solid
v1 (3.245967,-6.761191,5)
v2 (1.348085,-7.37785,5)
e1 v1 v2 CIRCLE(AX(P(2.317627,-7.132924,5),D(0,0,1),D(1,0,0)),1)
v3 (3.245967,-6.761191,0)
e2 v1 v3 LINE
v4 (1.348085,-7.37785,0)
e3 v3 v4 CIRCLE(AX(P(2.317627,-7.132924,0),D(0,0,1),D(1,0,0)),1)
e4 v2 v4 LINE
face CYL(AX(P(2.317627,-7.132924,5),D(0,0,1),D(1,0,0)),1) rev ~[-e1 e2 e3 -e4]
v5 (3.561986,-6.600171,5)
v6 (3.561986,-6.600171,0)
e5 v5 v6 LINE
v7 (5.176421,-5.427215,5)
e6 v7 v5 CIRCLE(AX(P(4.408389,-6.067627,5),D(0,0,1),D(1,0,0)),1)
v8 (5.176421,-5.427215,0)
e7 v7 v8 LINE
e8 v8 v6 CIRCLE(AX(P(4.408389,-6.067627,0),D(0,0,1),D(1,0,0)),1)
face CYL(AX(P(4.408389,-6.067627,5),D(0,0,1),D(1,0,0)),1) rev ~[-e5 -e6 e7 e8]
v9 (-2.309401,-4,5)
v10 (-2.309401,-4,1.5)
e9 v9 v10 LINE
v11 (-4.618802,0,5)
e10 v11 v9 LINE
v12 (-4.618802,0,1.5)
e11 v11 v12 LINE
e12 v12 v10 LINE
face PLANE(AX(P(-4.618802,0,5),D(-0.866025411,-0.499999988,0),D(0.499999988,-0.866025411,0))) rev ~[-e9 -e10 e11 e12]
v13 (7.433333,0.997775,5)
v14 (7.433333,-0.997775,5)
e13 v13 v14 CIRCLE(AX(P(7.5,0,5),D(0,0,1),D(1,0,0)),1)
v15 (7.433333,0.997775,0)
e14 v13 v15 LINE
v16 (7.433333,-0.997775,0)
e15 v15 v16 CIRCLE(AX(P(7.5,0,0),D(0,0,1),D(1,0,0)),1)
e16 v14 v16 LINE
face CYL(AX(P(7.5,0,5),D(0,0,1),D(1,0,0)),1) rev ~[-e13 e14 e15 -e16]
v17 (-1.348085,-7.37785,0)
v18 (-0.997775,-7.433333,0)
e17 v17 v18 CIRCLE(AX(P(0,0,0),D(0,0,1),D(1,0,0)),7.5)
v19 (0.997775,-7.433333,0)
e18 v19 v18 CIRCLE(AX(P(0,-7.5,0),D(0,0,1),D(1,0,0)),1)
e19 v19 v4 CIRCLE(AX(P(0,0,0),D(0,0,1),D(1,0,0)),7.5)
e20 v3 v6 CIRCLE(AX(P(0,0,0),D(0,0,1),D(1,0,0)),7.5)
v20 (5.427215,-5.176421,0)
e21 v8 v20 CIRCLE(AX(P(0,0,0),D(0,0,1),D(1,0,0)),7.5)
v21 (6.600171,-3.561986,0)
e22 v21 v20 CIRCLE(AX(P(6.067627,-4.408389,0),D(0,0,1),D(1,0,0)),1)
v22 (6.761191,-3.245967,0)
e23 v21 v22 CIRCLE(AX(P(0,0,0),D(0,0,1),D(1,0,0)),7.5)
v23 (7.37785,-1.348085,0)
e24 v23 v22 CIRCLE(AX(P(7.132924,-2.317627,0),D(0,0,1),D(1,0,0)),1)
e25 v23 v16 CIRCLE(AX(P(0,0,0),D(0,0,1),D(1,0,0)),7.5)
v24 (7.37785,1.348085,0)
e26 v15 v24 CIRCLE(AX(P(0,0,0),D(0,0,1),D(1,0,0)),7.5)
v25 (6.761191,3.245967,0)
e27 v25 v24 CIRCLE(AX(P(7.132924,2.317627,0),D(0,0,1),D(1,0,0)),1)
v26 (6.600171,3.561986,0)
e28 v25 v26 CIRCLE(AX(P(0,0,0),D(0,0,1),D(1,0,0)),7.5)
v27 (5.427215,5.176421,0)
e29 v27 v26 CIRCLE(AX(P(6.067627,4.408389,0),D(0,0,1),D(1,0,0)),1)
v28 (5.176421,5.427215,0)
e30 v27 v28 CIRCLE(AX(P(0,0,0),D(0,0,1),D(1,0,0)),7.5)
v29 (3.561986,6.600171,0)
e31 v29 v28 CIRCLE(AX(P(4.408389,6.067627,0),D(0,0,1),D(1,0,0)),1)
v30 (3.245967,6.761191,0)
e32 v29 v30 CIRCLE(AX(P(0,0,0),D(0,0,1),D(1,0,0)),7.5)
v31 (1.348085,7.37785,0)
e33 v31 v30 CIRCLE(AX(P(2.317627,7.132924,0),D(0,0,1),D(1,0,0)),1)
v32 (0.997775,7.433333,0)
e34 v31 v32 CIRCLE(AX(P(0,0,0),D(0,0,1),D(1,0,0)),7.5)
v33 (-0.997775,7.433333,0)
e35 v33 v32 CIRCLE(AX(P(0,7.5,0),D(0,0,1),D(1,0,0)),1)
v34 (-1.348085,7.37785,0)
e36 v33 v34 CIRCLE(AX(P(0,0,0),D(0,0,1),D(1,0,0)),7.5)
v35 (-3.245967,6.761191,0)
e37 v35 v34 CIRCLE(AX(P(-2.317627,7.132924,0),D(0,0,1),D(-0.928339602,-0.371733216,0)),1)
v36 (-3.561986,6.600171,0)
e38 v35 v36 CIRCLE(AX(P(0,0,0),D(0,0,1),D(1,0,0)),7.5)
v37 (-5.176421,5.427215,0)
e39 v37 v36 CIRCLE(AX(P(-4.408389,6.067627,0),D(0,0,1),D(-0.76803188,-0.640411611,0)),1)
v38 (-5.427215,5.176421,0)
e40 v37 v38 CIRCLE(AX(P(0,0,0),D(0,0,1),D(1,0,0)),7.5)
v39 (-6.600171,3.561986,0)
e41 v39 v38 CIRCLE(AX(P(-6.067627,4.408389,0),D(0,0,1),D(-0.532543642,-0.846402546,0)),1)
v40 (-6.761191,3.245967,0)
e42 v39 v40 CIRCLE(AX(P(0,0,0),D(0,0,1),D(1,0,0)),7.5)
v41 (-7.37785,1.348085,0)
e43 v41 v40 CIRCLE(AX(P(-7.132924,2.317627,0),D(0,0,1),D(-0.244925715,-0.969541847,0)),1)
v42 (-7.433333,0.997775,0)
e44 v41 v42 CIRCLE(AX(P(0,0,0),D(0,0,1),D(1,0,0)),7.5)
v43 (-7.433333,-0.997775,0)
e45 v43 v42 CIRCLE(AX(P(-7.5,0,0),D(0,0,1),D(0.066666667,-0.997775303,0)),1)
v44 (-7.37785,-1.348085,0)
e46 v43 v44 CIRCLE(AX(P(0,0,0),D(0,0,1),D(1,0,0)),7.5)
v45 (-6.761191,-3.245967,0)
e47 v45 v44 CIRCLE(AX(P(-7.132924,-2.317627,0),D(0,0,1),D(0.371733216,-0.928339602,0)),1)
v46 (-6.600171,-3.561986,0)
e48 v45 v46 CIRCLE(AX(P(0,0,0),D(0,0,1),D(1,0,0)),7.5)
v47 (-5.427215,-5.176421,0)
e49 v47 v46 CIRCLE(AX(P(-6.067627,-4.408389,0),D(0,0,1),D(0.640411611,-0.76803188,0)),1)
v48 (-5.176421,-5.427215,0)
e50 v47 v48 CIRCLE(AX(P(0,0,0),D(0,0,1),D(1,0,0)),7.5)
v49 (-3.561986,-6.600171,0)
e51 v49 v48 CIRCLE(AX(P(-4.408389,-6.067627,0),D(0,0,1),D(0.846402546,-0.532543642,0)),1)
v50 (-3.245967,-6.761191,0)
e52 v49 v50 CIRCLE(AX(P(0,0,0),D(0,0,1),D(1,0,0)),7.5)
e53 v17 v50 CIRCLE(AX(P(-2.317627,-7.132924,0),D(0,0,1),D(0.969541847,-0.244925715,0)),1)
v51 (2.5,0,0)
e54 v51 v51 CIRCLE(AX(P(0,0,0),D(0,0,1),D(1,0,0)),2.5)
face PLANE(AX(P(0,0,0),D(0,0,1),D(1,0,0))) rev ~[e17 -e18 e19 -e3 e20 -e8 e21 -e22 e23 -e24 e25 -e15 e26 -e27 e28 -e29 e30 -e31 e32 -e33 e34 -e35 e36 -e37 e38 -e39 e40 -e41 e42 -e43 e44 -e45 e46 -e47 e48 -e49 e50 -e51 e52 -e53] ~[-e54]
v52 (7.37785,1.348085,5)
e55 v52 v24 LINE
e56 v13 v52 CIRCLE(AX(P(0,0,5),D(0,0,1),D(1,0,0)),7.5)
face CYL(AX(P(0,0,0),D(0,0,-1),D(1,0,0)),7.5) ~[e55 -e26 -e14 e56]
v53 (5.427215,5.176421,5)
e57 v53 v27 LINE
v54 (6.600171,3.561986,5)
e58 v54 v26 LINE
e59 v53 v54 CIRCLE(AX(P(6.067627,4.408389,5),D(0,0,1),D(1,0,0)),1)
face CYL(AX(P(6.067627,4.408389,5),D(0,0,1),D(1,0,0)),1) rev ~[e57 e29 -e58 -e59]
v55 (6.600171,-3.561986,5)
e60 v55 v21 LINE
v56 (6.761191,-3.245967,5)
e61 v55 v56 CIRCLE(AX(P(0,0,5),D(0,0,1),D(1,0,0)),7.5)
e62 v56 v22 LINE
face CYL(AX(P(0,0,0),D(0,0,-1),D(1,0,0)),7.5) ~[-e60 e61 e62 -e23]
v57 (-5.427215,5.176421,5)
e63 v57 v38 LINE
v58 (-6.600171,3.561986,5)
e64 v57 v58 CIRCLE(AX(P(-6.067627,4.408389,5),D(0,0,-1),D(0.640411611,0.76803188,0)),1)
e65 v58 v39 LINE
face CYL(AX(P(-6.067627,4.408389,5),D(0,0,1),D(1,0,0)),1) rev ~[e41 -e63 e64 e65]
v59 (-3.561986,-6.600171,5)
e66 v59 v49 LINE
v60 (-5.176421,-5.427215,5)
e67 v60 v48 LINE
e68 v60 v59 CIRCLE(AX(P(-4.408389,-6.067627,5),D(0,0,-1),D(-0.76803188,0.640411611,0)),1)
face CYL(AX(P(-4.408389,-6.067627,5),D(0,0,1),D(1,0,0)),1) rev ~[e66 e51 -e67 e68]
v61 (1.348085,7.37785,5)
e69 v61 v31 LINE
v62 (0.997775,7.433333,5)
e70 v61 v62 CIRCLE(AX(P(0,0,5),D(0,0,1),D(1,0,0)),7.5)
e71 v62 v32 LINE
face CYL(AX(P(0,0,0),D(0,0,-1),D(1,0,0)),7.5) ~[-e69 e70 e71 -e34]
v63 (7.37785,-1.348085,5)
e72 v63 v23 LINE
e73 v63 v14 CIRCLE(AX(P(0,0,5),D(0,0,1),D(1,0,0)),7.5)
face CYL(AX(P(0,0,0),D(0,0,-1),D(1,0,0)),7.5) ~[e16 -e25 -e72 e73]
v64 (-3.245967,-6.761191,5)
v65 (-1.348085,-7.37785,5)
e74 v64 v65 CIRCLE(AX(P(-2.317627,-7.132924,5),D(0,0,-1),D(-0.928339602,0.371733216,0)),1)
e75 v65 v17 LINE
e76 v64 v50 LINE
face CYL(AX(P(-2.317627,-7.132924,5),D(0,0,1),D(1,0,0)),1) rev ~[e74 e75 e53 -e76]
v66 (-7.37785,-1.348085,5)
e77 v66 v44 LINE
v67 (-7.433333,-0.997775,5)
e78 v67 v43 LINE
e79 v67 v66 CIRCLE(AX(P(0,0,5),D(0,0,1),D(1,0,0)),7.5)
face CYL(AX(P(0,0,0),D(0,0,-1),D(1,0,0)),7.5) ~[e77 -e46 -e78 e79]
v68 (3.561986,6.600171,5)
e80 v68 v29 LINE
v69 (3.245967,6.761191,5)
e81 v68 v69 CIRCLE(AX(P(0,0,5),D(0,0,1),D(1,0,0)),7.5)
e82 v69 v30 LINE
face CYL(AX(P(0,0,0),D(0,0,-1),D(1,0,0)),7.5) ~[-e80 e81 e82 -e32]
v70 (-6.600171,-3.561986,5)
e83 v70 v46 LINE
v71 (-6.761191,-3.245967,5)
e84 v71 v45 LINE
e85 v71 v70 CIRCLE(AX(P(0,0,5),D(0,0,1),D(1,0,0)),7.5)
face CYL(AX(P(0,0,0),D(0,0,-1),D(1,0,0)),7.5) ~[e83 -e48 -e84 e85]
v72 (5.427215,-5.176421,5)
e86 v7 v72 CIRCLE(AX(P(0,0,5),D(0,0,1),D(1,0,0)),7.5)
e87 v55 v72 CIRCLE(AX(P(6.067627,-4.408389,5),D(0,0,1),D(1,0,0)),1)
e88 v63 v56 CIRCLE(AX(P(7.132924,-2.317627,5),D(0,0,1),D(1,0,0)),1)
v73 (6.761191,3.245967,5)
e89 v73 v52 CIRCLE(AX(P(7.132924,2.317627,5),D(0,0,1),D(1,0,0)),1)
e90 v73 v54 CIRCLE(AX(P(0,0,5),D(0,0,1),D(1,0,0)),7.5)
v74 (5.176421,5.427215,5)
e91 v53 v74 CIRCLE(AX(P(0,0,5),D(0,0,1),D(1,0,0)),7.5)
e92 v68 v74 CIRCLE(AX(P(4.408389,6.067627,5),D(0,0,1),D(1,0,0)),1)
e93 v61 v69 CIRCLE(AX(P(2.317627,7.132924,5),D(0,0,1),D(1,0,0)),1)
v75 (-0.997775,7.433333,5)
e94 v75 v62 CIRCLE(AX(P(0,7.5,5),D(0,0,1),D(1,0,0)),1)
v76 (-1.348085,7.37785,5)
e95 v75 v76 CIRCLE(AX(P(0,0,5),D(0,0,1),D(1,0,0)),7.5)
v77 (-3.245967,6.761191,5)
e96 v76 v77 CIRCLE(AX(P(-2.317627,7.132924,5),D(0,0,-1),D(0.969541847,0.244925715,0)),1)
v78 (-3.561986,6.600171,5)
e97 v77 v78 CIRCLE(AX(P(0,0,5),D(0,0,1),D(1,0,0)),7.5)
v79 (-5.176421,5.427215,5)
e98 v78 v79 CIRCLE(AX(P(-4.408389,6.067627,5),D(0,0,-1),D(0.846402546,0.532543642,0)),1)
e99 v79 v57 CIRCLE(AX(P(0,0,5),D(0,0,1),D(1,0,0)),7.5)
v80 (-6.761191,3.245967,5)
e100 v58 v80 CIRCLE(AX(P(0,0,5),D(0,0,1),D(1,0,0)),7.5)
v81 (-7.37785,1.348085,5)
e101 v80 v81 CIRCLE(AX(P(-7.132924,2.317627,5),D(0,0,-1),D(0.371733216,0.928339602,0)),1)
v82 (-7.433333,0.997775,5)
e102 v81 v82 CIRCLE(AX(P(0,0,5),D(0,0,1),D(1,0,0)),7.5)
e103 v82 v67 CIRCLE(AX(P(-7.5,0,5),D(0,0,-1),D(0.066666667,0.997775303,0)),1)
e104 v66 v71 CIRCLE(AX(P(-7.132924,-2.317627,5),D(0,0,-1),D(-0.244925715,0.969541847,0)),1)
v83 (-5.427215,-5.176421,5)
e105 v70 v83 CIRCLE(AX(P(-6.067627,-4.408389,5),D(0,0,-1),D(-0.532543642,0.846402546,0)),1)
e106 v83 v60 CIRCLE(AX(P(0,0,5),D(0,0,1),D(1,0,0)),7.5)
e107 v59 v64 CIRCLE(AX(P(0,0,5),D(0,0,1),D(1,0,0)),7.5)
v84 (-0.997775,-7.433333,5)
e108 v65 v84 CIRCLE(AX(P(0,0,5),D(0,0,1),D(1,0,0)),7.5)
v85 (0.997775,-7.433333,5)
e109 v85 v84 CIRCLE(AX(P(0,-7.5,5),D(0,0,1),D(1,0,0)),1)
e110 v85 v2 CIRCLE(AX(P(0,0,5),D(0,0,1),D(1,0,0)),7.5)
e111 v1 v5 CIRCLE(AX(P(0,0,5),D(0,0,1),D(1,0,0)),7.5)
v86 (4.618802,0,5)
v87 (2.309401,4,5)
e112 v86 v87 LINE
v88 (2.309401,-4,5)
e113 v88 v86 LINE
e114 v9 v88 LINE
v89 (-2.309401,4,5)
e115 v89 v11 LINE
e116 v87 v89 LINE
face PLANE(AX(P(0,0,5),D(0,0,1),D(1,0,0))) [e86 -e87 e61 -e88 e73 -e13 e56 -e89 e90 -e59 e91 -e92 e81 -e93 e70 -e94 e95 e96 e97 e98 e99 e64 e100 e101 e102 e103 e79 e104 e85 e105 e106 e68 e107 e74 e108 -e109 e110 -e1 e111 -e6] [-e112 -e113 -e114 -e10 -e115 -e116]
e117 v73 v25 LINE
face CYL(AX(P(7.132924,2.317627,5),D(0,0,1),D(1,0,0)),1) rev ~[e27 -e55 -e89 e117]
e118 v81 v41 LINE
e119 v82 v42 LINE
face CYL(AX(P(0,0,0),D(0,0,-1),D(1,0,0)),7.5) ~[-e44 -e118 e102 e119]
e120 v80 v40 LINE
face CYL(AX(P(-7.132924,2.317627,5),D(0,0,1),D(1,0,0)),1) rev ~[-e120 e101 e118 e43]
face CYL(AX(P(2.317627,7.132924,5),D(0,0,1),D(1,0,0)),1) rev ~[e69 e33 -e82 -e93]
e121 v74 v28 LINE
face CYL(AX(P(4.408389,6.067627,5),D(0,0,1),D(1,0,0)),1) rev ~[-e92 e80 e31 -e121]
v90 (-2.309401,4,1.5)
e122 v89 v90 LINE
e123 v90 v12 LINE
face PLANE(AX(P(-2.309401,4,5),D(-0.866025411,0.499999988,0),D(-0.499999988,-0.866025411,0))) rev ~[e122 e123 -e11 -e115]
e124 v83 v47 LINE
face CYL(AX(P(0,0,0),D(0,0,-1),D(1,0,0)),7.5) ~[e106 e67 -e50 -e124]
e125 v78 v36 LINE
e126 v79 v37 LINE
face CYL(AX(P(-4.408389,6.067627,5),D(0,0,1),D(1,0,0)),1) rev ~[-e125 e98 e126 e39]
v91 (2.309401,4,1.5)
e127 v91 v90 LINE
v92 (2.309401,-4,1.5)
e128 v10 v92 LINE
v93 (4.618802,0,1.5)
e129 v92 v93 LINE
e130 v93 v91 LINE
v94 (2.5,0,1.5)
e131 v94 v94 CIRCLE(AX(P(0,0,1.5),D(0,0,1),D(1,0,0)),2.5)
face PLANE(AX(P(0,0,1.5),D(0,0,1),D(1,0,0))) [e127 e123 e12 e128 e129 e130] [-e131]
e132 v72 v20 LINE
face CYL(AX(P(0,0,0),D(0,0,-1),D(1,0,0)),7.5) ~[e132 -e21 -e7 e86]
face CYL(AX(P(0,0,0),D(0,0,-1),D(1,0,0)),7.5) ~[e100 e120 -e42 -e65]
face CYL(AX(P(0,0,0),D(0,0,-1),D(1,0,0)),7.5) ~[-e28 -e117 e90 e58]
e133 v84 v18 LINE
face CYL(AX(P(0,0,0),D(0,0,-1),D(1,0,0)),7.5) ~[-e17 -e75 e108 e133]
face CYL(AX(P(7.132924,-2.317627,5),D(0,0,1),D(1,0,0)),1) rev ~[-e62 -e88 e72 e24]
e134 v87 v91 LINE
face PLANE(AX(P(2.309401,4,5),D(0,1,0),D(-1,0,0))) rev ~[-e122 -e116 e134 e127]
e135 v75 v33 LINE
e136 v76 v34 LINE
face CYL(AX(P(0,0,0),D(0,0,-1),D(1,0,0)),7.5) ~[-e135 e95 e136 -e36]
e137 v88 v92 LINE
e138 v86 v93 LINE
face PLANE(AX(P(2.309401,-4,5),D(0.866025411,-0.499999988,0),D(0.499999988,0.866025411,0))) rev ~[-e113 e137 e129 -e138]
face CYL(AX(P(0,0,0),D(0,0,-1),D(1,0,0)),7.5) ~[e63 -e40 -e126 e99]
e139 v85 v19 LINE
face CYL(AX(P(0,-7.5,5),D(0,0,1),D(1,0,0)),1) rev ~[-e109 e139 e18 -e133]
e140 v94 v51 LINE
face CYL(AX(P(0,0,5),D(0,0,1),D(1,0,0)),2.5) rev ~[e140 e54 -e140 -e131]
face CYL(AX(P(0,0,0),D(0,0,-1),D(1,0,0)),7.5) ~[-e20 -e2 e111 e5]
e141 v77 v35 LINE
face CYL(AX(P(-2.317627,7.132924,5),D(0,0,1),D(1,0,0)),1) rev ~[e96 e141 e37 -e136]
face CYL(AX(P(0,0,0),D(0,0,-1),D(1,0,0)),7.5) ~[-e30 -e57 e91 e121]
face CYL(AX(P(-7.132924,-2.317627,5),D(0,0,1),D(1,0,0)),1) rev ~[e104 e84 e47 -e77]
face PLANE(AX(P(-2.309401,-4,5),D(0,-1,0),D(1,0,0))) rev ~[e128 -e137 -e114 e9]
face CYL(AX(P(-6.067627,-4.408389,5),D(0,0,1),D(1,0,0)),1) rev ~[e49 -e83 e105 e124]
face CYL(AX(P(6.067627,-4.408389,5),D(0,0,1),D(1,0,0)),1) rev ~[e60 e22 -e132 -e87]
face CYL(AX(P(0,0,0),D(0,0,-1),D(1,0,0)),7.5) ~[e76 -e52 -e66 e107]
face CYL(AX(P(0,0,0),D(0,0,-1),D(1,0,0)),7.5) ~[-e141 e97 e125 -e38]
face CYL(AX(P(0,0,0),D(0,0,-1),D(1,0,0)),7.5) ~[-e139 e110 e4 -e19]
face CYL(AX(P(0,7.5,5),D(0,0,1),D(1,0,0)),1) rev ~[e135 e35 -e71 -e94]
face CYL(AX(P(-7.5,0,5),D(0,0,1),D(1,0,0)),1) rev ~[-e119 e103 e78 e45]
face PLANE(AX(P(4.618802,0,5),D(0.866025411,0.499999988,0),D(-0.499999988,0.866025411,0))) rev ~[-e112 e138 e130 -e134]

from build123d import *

# Parameters (mm, degrees)
F0_R     = 7.5
F1_DEPTH = 5
F2_R     = 1
F2_R_2   = 2.5
F3_DEPTH = 25
F5_DEPTH = 3.5


with BuildPart() as f1:
    # F0 (on Top) → F1 (new body)
    with BuildSketch(Plane.XY):
        Circle(F0_R)
    extrude(amount=F1_DEPTH)

    # F2 (on face) → F3 (cut)
    with BuildSketch(Plane.XY.offset(5)):
        with Locations((0, 7.5)):
            Circle(F2_R)
        Circle(F2_R_2)
        with Locations((-2.317627, 7.132924)):
            Circle(F2_R)
        with Locations((-4.408389, 6.067627)):
            Circle(F2_R)
        with Locations((-6.067627, 4.408389)):
            Circle(F2_R)
        with Locations((-7.132924, 2.317627)):
            Circle(F2_R)
        with Locations((-7.5, 0)):
            Circle(F2_R)
        with Locations((-7.132924, -2.317627)):
            Circle(F2_R)
        with Locations((-6.067627, -4.408389)):
            Circle(F2_R)
        with Locations((-4.408389, -6.067627)):
            Circle(F2_R)
        with Locations((-2.317627, -7.132924)):
            Circle(F2_R)
        with Locations((0, -7.5)):
            Circle(F2_R)
        with Locations((2.317627, -7.132924)):
            Circle(F2_R)
        with Locations((4.408389, -6.067627)):
            Circle(F2_R)
        with Locations((6.067627, -4.408389)):
            Circle(F2_R)
        with Locations((7.132924, -2.317627)):
            Circle(F2_R)
        with Locations((7.5, 0)):
            Circle(F2_R)
        with Locations((7.132924, 2.317627)):
            Circle(F2_R)
        with Locations((6.067627, 4.408389)):
            Circle(F2_R)
        with Locations((4.408389, 6.067627)):
            Circle(F2_R)
        with Locations((2.317627, 7.132924)):
            Circle(F2_R)
    extrude(amount=-F3_DEPTH, mode=Mode.SUBTRACT)

    # F4 (on face) → F5 (cut)
    with BuildSketch(Plane.XY.offset(5)):
        Polygon((-2.309401, -4), (2.309401, -4), (4.618802, 0), (2.309401, 4), (-2.309401, 4), (-4.618802, 0), align=None)
    extrude(amount=-F5_DEPTH, mode=Mode.SUBTRACT)


solid = f1.part
